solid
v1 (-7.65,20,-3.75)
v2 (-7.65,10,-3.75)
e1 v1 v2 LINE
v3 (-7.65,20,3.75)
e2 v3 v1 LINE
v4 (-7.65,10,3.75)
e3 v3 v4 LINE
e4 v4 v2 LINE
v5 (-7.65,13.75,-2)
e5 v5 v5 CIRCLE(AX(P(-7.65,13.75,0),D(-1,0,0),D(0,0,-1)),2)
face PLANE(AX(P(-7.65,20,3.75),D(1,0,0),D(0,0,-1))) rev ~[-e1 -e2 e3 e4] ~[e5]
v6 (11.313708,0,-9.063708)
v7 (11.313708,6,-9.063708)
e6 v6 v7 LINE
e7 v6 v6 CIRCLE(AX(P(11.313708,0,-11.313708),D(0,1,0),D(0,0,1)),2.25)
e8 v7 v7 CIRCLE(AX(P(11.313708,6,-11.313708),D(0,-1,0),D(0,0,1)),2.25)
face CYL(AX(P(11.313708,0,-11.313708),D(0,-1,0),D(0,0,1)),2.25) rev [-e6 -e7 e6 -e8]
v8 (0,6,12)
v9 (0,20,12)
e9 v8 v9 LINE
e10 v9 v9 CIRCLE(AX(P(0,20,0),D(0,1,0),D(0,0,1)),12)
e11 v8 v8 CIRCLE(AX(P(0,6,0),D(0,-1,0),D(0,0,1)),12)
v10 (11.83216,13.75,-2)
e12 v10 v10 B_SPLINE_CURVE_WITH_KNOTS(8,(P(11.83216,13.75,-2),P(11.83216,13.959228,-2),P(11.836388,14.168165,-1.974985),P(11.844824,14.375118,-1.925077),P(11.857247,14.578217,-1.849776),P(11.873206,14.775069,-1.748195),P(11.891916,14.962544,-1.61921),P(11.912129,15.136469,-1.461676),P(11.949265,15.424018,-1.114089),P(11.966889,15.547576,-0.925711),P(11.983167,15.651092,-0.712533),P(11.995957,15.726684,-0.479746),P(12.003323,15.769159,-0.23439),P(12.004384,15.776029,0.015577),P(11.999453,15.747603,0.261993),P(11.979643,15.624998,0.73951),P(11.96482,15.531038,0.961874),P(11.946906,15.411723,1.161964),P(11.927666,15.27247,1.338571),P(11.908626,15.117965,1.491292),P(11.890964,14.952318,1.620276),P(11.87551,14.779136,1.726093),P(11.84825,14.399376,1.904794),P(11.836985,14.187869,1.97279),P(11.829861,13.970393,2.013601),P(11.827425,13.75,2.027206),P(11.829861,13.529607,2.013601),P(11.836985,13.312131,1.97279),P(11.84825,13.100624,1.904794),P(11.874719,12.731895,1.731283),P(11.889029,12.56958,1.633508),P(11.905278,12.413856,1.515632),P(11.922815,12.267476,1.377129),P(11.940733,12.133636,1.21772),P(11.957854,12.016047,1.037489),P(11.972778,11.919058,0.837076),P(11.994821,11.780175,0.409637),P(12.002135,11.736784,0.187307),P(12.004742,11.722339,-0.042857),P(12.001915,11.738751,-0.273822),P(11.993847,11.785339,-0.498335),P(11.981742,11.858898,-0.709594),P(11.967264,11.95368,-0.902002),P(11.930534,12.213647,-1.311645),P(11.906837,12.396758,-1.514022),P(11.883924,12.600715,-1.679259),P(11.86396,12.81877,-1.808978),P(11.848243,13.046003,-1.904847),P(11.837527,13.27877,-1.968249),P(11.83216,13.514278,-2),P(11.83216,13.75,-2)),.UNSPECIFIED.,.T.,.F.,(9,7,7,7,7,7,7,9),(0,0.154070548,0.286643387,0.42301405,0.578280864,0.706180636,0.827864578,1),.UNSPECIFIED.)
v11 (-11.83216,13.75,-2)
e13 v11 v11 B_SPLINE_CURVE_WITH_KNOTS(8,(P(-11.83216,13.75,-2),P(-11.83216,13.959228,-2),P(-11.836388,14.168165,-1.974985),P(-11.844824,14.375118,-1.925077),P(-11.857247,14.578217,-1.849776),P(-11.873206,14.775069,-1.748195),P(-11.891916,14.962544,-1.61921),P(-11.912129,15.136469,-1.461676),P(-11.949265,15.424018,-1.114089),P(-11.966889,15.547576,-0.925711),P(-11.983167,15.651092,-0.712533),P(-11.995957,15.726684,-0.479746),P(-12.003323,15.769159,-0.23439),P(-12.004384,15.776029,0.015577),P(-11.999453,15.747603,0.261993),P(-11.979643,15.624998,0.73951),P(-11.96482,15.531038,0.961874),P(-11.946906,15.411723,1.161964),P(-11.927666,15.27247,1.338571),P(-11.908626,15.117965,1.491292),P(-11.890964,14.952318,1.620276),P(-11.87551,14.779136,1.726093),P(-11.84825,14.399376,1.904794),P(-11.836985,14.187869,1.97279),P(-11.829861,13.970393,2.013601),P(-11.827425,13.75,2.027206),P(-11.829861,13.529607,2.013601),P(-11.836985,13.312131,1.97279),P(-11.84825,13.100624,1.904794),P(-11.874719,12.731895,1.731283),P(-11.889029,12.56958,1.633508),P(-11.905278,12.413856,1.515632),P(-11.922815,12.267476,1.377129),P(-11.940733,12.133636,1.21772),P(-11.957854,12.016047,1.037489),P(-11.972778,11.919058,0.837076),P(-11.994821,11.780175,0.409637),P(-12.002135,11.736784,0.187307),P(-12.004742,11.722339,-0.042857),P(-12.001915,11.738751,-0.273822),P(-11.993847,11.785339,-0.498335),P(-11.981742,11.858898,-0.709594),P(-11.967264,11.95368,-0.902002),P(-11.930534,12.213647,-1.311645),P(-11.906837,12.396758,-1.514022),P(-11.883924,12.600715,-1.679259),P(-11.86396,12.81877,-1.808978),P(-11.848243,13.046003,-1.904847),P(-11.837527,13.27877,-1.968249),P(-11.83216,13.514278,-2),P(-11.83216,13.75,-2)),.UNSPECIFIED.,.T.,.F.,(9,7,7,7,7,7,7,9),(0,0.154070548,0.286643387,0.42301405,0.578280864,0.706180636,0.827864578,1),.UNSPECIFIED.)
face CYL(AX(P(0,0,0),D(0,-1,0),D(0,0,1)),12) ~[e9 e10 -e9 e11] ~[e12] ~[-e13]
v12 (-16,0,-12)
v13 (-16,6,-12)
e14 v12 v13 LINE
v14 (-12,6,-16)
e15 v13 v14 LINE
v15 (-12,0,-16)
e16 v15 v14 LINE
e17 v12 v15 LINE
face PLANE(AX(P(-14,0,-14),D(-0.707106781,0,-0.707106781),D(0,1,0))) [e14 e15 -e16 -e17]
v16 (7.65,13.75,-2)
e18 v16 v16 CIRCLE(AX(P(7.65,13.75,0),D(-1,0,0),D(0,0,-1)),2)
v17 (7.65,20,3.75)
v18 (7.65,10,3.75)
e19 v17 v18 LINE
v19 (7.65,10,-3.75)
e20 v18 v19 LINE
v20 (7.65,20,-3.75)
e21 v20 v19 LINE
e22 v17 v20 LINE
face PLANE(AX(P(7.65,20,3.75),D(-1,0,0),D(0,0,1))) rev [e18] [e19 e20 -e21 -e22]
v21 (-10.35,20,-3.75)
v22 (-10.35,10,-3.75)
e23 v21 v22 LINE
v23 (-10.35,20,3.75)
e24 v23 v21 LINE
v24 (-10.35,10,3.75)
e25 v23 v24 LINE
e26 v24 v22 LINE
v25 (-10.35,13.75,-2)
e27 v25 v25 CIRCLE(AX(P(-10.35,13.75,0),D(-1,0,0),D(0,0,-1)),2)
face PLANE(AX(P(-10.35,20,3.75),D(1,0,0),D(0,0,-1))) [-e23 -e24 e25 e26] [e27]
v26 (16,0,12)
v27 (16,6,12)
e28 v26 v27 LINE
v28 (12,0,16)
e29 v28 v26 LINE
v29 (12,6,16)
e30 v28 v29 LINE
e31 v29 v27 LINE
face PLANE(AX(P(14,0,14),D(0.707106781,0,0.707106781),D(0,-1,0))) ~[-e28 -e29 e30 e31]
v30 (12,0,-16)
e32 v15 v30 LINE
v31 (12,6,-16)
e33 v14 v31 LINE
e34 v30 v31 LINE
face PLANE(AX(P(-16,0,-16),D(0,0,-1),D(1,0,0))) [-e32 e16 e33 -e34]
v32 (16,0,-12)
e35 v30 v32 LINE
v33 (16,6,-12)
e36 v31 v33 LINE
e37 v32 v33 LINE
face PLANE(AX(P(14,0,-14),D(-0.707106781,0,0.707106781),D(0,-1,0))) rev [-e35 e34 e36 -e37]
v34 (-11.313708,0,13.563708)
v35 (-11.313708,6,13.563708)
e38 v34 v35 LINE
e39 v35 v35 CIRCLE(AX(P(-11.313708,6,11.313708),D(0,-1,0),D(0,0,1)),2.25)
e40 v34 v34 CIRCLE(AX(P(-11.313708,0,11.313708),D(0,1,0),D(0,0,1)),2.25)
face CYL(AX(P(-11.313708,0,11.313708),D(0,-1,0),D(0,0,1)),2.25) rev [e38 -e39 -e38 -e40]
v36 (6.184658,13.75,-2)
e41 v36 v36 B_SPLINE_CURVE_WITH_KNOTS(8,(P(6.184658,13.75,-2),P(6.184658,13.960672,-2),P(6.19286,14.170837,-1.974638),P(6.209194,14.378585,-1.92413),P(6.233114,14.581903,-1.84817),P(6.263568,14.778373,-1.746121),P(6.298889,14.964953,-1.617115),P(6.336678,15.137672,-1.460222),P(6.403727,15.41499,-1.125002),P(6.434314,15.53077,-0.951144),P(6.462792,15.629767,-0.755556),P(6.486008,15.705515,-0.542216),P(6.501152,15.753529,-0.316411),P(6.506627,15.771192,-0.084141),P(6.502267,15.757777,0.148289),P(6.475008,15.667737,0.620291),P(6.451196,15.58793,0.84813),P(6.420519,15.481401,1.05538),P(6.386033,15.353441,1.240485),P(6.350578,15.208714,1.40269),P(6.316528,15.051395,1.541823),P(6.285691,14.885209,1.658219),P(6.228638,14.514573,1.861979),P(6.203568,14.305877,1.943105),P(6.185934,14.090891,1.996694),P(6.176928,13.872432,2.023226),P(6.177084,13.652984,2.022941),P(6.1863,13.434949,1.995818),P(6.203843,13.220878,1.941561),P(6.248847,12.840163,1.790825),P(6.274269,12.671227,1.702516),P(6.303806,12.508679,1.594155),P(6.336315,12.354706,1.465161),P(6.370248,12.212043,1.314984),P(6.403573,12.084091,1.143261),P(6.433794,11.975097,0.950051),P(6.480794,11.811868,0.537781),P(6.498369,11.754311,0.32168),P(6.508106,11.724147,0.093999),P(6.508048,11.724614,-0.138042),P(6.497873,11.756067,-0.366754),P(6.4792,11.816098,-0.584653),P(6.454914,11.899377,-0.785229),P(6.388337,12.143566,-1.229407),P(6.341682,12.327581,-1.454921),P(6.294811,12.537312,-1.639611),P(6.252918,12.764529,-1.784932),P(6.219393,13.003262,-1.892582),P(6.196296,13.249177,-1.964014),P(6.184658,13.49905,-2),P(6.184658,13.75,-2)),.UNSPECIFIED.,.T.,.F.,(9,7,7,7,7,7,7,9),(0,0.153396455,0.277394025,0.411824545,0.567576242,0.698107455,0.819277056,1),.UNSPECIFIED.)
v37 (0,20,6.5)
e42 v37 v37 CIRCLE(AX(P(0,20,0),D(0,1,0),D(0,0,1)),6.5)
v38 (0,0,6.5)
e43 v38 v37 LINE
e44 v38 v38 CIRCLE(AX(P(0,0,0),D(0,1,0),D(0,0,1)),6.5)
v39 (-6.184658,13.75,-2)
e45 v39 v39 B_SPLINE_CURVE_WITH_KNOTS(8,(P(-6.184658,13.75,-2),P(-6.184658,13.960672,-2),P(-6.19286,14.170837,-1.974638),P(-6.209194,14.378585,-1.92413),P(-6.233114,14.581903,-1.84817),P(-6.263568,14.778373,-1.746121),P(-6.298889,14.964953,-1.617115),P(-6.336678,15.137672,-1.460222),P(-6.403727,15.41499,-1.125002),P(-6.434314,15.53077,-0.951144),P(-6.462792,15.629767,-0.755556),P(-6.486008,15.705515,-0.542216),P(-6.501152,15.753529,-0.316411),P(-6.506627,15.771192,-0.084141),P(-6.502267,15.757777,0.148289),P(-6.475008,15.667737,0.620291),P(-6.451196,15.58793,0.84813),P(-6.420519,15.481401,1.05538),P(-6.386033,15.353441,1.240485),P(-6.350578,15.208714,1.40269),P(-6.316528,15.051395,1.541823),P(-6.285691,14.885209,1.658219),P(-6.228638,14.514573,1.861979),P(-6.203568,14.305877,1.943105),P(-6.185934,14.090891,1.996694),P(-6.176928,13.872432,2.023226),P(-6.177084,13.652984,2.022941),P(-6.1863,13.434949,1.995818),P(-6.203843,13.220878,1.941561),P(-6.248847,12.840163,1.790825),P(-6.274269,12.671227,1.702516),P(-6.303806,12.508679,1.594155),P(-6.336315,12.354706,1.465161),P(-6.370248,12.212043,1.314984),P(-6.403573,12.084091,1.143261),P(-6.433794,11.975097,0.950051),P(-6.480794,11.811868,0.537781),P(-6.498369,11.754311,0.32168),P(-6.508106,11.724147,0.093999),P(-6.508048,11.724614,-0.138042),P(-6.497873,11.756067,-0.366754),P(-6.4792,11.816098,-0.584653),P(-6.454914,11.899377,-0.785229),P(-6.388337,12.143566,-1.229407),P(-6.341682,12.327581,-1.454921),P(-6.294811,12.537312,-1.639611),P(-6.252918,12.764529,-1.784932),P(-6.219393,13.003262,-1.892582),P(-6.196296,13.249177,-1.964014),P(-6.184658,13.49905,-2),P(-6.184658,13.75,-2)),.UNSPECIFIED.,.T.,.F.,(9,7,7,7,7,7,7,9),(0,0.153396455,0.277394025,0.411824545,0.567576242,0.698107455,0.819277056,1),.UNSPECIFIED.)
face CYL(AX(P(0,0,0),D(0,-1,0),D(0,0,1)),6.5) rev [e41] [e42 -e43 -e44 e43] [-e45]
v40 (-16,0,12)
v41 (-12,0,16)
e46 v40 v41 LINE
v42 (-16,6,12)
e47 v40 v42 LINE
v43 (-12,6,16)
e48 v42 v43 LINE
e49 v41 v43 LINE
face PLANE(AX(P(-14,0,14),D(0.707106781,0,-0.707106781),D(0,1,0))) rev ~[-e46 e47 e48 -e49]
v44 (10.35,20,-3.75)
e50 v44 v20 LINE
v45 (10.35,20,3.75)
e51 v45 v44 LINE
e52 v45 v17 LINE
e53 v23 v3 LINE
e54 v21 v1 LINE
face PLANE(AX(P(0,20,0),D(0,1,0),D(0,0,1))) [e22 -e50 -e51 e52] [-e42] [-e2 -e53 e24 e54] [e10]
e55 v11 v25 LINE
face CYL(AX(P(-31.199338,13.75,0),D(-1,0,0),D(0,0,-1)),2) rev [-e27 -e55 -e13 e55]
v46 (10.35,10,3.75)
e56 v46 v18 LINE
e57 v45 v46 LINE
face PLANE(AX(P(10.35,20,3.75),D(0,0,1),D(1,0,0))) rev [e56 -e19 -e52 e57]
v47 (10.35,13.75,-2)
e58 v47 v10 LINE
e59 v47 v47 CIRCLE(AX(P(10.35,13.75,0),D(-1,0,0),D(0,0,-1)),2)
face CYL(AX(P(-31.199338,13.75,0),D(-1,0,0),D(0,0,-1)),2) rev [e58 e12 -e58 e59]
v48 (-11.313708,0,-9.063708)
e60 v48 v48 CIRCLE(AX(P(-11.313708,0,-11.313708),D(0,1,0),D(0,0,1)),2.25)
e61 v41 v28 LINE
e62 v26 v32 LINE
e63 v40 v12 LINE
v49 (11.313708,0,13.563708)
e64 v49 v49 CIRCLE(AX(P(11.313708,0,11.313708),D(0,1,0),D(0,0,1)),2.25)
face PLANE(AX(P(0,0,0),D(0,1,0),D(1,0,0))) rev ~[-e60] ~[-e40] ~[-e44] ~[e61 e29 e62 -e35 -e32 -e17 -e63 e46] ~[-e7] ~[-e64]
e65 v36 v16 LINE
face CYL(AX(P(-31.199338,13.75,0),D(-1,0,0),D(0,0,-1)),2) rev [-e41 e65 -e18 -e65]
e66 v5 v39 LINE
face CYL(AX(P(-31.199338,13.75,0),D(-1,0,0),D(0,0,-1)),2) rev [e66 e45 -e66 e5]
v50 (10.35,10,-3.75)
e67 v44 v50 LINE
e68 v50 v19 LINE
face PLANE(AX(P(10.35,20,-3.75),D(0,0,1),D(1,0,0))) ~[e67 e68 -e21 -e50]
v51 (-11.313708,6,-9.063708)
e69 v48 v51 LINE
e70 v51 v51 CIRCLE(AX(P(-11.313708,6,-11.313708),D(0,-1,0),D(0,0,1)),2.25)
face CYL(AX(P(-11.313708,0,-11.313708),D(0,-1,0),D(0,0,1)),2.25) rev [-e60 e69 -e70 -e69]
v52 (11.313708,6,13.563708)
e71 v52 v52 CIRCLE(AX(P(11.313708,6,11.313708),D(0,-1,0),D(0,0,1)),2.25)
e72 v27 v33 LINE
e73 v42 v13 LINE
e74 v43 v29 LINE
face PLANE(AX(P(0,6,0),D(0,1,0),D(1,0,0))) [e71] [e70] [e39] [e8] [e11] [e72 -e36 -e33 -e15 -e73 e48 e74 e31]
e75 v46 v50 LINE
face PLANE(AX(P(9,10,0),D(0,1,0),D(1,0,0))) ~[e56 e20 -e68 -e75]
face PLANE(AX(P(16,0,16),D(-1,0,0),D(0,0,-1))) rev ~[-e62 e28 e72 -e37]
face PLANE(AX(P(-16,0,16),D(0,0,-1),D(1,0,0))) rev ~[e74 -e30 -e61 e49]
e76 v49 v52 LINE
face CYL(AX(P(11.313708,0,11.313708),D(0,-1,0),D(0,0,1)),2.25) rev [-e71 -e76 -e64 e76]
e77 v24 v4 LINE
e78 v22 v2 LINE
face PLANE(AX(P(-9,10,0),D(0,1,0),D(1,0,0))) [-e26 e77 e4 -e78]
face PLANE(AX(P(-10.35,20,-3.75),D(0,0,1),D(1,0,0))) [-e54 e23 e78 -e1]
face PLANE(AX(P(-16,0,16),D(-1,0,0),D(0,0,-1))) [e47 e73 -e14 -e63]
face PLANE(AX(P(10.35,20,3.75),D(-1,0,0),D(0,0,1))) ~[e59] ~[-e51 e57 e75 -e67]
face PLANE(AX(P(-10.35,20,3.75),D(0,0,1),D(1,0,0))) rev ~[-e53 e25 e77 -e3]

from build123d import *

# Parameters (mm, degrees)
SKETCH1_R               = 12
SKETCH1_R_2             = 6.5
BOSS_EXTRUDE1_DEPTH     = 20
SKETCH2_W               = 32
SKETCH2_H               = 32
SKETCH2_R               = 6.5
BOSS_EXTRUDE2_DEPTH     = 6
SKETCH3_R               = 2.25
CUT_EXTRUDE1_DEPTH      = 31.199337741
CHAMFER1_SIZE           = 4
CUT_EXTRUDE2_START      = 20
SKETCH4_W               = 2.7
SKETCH4_H               = 7.5
CUT_EXTRUDE2_DEPTH      = 10
CUT_EXTRUDE3_DEPTH      = 31.199337741
CUT_EXTRUDE3_DEPTH_BACK = 31.199337741
SKETCH5_R               = 2


with BuildPart() as part:
    # Sketch1 → Boss-Extrude1 (new body)
    with BuildSketch(Plane(origin=(0, 0, 0), x_dir=(1, 0, 0), z_dir=(0, 1, 0))):
        with Locations(Location((0, 0, 0), (0, 0, 270))):
            Circle(SKETCH1_R)
        with Locations(Location((0, 0, 0), (0, 0, 270))):
            Circle(SKETCH1_R_2, mode=Mode.SUBTRACT)
    extrude(amount=BOSS_EXTRUDE1_DEPTH)

    # Sketch2 → Boss-Extrude2 (add)
    with BuildSketch(Plane(origin=(0, 0, 0), x_dir=(1, 0, 0), z_dir=(0, 1, 0))):
        Rectangle(SKETCH2_W, SKETCH2_H)
        with Locations(Location((0, 0, 0), (0, 0, 270))):
            Circle(SKETCH2_R, mode=Mode.SUBTRACT)
    extrude(amount=BOSS_EXTRUDE2_DEPTH)

    # Sketch3 → Cut-Extrude1 (cut, through all)
    with BuildSketch(Plane(origin=(0, 0, 0), x_dir=(1, 0, 0), z_dir=(0, 1, 0))):
        with Locations(Location((-11.313708499, 11.313708499, 0), (0, 0, 270))):
            Circle(SKETCH3_R)
        with Locations(Location((-11.313708499, -11.313708499, 0), (0, 0, 270))):
            Circle(SKETCH3_R)
        with Locations(Location((11.313708499, -11.313708499, 0), (0, 0, 270))):
            Circle(SKETCH3_R)
        with Locations(Location((11.313708499, 11.313708499, 0), (0, 0, 270))):
            Circle(SKETCH3_R)
    extrude(amount=CUT_EXTRUDE1_DEPTH, mode=Mode.SUBTRACT)

    # Chamfer1
    chamfer1_edges = [part.edges().sort_by_distance(p)[0] for p in [
        (16, 3, 16),
        (16, 3, -16),
        (-16, 3, -16),
        (-16, 3, 16),
    ]]
    chamfer(chamfer1_edges, length=CHAMFER1_SIZE)

    # Sketch4 → Cut-Extrude2 (cut)
    with BuildSketch(Plane(origin=(0, 0, 0), x_dir=(1, 0, 0), z_dir=(0, 1, 0)).offset(CUT_EXTRUDE2_START)):
        with Locations((-9, 0)):
            Rectangle(SKETCH4_W, SKETCH4_H)
    cut_extrude2 = extrude(amount=-CUT_EXTRUDE2_DEPTH, mode=Mode.SUBTRACT)

    # Sketch5 → Cut-Extrude3 (cut, two sides: drawn at the far end of the back side and taken through both)
    with BuildSketch(Plane(origin=(0, 0, 0), x_dir=(0, 0, -1), z_dir=(1, 0, 0)).offset(-CUT_EXTRUDE3_DEPTH_BACK)):
        with Locations((0, 13.75)):
            Circle(SKETCH5_R)
    extrude(amount=CUT_EXTRUDE3_DEPTH + CUT_EXTRUDE3_DEPTH_BACK, mode=Mode.SUBTRACT)

    # Mirror1: Cut-Extrude2 across plane
    add(cut_extrude2.mirror(Plane(origin=(0, 0, 0), x_dir=(0, 0, 1), z_dir=(1, 0, 0))), mode=Mode.SUBTRACT)


solid = part.part
